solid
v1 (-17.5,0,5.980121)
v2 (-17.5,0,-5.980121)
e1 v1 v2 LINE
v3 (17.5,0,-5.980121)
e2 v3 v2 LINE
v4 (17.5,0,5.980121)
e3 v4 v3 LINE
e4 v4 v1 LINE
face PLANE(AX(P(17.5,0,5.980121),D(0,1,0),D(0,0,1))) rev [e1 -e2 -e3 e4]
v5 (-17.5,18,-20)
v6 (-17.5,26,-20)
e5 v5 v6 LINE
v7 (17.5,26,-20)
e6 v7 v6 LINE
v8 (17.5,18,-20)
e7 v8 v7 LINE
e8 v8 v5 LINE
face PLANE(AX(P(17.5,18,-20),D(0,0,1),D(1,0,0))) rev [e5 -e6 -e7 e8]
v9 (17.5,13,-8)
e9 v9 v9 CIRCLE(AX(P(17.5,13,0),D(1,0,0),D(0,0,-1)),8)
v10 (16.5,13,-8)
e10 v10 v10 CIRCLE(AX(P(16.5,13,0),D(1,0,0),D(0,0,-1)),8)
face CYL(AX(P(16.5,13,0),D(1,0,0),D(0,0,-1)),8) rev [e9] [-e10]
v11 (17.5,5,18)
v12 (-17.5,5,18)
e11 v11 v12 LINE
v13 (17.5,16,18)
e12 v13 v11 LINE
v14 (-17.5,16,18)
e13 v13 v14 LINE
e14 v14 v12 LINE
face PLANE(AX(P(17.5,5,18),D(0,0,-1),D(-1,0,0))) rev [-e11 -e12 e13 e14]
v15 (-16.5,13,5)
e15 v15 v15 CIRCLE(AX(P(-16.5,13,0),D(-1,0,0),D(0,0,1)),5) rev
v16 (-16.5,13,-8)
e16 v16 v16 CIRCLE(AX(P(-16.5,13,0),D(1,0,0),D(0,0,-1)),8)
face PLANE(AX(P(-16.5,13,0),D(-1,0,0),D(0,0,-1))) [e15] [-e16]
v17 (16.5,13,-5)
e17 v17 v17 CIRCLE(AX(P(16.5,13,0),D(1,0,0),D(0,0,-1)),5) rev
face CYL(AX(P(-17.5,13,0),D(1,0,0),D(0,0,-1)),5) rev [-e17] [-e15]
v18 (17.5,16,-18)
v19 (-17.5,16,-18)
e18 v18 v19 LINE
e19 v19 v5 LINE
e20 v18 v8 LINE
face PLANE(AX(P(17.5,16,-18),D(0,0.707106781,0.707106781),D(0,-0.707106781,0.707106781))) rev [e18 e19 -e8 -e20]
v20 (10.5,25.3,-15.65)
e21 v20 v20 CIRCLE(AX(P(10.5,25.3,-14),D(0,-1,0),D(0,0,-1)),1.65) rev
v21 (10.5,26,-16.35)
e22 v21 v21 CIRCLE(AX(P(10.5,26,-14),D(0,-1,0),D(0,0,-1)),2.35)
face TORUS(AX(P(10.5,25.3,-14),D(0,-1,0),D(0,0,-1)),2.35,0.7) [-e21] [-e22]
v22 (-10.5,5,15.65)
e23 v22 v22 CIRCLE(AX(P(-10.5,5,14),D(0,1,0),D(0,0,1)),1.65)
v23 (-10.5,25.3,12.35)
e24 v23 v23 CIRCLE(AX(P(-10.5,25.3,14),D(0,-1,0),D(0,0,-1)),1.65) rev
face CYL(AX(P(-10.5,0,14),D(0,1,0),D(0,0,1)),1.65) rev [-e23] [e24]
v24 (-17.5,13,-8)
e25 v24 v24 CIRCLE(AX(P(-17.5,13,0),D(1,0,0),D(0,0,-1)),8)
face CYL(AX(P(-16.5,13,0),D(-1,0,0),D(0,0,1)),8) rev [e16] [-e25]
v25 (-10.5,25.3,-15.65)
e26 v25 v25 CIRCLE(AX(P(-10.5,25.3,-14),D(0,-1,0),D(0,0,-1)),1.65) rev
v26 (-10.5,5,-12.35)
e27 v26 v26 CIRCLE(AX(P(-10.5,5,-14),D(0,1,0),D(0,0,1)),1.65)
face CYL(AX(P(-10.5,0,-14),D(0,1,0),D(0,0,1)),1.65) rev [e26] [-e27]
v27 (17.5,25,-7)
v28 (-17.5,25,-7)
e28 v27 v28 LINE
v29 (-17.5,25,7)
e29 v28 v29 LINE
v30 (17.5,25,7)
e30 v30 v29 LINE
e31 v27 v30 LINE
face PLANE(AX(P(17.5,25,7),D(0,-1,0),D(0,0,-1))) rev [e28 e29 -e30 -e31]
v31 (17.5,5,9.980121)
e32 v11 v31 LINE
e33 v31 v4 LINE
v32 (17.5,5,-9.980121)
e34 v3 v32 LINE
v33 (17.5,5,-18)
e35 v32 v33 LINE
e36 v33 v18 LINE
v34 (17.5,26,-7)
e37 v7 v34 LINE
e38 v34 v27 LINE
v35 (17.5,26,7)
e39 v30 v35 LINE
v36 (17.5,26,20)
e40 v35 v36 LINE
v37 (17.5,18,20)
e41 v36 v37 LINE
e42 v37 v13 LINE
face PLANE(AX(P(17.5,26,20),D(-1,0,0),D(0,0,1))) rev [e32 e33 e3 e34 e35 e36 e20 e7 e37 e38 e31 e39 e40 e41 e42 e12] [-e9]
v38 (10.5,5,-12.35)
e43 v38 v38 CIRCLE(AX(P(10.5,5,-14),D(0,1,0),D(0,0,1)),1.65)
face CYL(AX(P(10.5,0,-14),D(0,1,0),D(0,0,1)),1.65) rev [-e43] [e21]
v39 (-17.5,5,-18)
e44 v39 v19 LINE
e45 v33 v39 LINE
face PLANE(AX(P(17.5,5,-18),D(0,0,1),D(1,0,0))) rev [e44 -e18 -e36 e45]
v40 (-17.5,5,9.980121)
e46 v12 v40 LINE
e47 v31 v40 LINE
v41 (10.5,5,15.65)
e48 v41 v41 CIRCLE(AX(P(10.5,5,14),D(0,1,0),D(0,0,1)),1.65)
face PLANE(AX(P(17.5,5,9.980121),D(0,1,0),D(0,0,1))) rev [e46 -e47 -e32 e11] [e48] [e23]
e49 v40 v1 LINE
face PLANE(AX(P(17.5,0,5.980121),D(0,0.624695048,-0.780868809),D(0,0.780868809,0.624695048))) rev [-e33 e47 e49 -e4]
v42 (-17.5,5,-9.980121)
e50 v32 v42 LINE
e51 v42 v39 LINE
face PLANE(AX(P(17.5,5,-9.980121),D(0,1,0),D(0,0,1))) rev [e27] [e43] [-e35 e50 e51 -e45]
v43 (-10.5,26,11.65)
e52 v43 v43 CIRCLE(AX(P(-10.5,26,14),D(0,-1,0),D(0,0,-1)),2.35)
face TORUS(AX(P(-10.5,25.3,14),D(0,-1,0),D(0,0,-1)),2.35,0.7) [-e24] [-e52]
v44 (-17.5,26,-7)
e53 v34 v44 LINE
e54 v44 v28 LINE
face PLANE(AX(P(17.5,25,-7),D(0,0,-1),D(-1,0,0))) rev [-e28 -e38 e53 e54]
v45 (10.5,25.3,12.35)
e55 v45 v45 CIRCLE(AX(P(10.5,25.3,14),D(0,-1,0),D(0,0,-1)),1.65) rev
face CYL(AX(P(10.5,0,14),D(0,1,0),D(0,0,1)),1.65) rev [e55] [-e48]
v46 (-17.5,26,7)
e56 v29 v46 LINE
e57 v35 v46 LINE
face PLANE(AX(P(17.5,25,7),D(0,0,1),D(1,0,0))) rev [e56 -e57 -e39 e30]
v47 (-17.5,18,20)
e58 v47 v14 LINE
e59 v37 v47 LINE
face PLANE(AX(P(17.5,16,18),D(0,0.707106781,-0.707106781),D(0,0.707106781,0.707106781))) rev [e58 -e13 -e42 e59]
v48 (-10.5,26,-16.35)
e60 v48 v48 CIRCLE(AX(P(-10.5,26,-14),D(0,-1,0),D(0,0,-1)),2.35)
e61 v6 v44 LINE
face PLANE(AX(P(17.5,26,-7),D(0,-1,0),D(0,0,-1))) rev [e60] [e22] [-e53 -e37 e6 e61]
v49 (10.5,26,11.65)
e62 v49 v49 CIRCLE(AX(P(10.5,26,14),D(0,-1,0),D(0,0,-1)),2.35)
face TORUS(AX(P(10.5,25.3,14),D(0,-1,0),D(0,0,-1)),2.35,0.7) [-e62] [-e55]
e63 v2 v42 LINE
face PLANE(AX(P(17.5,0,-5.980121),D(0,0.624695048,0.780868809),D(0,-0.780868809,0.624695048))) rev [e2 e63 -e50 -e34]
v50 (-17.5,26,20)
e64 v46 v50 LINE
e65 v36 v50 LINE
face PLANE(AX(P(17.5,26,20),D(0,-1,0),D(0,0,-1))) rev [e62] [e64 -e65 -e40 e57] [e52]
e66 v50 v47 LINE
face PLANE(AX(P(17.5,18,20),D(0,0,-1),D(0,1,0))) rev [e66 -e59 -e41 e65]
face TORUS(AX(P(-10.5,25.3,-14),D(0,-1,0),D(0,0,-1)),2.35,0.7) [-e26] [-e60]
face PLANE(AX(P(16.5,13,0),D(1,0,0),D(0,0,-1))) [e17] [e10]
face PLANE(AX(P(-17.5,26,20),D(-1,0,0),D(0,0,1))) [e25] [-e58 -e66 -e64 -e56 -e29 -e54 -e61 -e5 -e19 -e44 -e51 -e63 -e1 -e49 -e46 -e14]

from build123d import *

# Parameters (mm, degrees)
BOSS_EXTRUDE1_DEPTH = 17.5
SKETCH2_R           = 5
CUT_EXTRUDE1_DEPTH  = 36
SKETCH3_R           = 1.65
CUT_EXTRUDE2_DEPTH  = 27
FILLET1_R           = 0.7
SKETCH8_R           = 8
CUT_EXTRUDE5_DEPTH  = 1


with BuildPart() as part:
    # Sketch1 → Boss-Extrude1 (new body, symmetric)
    with BuildSketch(Plane(origin=(0, 0, 0), x_dir=(0, 0, -1), z_dir=(1, 0, 0))):
        Polygon((-20, 26), (-7, 26), (-7, 25), (7, 25), (7, 26), (20, 26), (20, 18), (18, 16), (18, 5), (9.980120734, 5), (5.980120734, 0), (-5.980120734, 0), (-9.980120734, 5), (-18, 5), (-18, 16), (-20, 18), align=None)
    extrude(amount=BOSS_EXTRUDE1_DEPTH, both=True)

    # Sketch2 → Cut-Extrude1 (cut, through all)
    with BuildSketch(Plane(origin=(17.5, 0, 0), x_dir=(0, 0, -1), z_dir=(1, 0, 0))):
        with Locations((0, 13)):
            Circle(SKETCH2_R)
    extrude(amount=-CUT_EXTRUDE1_DEPTH, mode=Mode.SUBTRACT)

    # Sketch3 → Cut-Extrude2 (cut, through all)
    with BuildSketch(Plane(origin=(0, 26, 0), x_dir=(1, 0, 0), z_dir=(0, 1, 0))):
        with Locations((-10.5, 14)):
            Circle(SKETCH3_R)
        with Locations((10.5, 14)):
            Circle(SKETCH3_R)
        with Locations((10.5, -14)):
            Circle(SKETCH3_R)
        with Locations((-10.5, -14)):
            Circle(SKETCH3_R)
    extrude(amount=-CUT_EXTRUDE2_DEPTH, mode=Mode.SUBTRACT)

    # Fillet1
    fillet1_edges = [part.edges().sort_by_distance(p)[0] for p in [
        (-12.15, 26, -14),
        (8.85, 26, -14),
        (8.85, 26, 14),
        (-12.15, 26, 14),
    ]]
    fillet(fillet1_edges, radius=FILLET1_R)

    # Sketch8 → Cut-Extrude5 (cut)
    with BuildSketch(Plane(origin=(17.5, 0, 0), x_dir=(0, 0, -1), z_dir=(1, 0, 0))):
        with Locations((0, 13)):
            Circle(SKETCH8_R)
    cut_extrude5 = extrude(amount=-CUT_EXTRUDE5_DEPTH, mode=Mode.SUBTRACT)

    # Mirror3: Cut-Extrude5 across plane
    add(cut_extrude5.mirror(Plane(origin=(0, 0, 0), x_dir=(0, 0, 1), z_dir=(1, 0, 0))), mode=Mode.SUBTRACT)


solid = part.part
